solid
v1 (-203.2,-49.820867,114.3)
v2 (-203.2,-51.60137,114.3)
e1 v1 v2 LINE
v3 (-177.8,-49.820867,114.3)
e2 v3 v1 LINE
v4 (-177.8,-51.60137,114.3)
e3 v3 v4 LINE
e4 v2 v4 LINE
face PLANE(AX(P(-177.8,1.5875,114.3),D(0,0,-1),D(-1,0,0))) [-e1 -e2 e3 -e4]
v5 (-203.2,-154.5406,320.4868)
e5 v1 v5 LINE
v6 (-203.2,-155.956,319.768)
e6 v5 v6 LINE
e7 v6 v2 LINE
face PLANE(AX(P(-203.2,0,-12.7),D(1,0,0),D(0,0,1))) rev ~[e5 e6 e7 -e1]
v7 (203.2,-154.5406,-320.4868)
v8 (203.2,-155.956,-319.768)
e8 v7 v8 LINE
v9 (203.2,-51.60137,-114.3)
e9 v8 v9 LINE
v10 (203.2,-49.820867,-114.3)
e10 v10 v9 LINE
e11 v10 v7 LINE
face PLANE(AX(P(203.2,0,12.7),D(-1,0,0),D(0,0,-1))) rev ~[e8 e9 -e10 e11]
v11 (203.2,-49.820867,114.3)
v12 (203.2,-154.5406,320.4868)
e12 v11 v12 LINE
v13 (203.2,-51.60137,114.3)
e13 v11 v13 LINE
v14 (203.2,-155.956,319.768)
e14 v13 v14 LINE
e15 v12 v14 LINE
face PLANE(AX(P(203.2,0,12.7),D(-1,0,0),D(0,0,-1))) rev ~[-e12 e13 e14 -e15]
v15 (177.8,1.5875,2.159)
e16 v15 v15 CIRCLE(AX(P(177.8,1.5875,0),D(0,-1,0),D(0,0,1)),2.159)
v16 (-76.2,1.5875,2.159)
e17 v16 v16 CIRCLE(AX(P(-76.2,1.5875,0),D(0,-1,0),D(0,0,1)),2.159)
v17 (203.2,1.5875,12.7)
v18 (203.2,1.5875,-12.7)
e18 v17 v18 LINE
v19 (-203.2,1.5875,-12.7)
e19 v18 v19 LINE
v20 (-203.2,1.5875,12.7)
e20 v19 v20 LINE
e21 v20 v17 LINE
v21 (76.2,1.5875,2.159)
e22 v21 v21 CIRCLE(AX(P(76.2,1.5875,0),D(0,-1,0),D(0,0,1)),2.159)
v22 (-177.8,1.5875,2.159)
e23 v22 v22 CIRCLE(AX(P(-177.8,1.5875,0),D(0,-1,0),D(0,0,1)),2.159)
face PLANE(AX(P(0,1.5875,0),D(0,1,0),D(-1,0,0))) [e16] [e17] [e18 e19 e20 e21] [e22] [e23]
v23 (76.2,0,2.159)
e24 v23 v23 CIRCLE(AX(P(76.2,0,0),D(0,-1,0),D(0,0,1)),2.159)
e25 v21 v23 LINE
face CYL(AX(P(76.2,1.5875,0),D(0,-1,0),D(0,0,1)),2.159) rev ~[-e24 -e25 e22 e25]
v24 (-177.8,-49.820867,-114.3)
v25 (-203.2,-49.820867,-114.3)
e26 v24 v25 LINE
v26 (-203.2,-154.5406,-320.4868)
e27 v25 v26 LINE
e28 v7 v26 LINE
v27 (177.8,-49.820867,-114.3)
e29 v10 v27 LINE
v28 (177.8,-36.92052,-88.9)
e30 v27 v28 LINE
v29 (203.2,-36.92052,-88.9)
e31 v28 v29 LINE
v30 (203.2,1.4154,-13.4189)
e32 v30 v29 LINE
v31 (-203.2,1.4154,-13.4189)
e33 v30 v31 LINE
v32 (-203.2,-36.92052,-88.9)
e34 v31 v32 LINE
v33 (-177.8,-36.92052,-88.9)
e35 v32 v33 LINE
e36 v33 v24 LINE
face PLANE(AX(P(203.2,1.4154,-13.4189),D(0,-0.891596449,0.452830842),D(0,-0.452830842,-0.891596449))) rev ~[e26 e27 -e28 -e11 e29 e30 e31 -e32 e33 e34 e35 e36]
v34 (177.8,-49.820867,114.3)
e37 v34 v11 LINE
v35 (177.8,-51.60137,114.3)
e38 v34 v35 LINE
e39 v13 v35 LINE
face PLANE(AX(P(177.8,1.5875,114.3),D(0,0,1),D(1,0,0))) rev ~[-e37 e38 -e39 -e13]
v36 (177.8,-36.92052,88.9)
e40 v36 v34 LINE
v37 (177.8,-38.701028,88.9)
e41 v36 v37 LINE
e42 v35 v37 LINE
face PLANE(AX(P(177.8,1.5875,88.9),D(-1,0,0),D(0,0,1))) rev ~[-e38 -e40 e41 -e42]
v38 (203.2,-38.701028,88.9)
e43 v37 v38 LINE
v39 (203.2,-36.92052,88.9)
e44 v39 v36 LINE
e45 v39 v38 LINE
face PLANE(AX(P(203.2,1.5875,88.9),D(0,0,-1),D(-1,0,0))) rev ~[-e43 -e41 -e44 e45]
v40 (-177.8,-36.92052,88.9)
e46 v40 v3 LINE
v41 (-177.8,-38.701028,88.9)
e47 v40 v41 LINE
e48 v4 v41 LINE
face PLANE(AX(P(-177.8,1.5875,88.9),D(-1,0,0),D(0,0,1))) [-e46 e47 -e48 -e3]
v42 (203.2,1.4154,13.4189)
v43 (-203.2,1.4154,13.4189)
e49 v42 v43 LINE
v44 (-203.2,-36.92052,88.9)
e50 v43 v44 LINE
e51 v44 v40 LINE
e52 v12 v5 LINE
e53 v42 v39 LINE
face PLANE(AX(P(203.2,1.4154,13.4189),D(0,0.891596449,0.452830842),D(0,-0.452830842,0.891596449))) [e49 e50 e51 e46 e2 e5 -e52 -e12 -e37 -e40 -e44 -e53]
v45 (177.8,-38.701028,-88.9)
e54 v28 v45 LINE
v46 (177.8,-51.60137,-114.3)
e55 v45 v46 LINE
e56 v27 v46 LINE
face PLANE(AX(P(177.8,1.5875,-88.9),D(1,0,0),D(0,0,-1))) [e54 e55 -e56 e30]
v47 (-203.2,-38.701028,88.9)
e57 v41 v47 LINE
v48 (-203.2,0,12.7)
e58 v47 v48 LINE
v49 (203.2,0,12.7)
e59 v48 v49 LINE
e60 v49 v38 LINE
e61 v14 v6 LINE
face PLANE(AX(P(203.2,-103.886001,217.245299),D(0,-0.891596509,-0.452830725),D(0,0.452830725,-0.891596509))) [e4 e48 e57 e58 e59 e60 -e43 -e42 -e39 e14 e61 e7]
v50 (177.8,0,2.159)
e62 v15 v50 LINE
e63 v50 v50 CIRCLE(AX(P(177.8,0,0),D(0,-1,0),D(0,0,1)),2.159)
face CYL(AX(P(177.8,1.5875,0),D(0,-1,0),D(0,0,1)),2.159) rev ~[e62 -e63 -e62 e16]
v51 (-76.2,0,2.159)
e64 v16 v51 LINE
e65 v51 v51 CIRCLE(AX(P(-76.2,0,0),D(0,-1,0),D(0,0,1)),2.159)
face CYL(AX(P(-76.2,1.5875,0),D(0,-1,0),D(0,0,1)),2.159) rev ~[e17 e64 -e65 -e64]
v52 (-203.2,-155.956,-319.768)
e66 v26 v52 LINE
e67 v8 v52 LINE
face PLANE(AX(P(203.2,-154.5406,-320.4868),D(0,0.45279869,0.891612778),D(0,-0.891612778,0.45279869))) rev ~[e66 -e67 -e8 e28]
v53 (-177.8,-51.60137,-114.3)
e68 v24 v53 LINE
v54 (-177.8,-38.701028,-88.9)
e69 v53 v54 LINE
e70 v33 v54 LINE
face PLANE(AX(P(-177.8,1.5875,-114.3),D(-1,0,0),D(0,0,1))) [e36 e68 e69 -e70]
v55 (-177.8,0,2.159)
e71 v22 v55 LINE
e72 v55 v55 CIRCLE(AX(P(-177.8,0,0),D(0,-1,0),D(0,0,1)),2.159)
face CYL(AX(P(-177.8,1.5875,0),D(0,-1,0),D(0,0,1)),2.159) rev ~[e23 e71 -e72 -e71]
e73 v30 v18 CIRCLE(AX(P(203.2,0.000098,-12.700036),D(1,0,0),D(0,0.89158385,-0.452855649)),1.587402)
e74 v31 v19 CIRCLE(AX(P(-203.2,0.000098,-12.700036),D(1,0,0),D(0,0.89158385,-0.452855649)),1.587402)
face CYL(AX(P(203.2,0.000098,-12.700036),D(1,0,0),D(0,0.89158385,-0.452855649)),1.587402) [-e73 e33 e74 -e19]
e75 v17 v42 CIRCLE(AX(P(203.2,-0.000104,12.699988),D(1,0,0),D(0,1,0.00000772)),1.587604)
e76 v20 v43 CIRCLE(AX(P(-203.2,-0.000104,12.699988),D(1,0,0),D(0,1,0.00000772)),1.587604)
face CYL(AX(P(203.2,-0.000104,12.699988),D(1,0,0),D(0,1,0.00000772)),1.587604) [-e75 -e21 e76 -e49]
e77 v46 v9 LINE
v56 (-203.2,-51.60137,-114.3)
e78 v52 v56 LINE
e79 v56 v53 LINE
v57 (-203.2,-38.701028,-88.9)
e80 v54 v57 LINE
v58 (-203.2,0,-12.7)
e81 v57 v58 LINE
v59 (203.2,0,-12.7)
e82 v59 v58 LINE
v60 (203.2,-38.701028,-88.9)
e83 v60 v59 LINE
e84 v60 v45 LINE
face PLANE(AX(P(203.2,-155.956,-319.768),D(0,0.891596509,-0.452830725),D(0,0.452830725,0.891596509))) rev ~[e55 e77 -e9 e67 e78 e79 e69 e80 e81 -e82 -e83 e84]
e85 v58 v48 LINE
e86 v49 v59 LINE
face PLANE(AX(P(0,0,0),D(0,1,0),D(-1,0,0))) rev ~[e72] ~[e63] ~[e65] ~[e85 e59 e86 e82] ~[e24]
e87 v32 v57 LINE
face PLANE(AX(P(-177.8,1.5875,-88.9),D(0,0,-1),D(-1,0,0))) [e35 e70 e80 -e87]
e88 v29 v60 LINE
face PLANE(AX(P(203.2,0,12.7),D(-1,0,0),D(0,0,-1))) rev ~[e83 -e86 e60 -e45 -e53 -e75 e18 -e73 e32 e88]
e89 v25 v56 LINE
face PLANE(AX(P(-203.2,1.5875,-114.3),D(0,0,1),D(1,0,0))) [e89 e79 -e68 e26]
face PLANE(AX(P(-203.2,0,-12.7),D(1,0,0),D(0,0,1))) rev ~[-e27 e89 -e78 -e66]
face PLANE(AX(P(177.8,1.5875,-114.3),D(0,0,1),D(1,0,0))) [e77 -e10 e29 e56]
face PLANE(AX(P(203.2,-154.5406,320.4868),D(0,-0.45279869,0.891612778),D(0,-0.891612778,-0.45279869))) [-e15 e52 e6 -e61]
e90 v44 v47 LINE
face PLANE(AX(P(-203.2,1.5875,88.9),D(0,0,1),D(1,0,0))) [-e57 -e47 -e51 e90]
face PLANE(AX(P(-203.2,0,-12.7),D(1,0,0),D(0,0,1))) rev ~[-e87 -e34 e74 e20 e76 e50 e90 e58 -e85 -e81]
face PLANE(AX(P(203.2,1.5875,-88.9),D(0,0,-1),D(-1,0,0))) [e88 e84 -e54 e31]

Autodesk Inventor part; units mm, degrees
ref_plane "YZ Plane" through (0, 0, 0) normal (1, 0, 0) x (0, 1, 0)
ref_plane "XZ Plane" through (0, 0, 0) normal (0, 1, 0) x (-1, 0, 0)
ref_plane "XY Plane" through (0, 0, 0) normal (0, 0, 1) x (1, 0, 0)
sketch "Sketch1" plane through (0, 0, 0) normal (0, 1, 0) x (-1, 0, 0)
  line L0 (203.2, 12.7) -> (-203.2, 12.7)
  line L1 (-203.2, 12.7) -> (-203.2, -12.7)
  line L2 (-203.2, -12.7) -> (203.2, -12.7)
  line L3 (203.2, -12.7) -> (203.2, 12.7)
  line L4 (203.2, 12.7) -> (-203.2, -12.7) construction
  line L5 (-203.2, 12.7) -> (203.2, -12.7) construction
  point P0 (0, 0)
  dimension "d0" = 406.4
  dimension "d1" = 25.4
extrude "Extrusion1" add sketch "Sketch1" along normal blind 1.5875
sketch "Sketch2" plane through (0, 1.5875, 0) normal (0, 1, 0) x (1, 0, 0)
  line L0 (-203.2, 12.7) -> (-203.2, -12.7) projected
  line L1 (203.2, -12.7) -> (203.2, 12.7) projected
  point P0 (0, 0)
  point P1 (-177.8, 0)
  point P2 (-152.4, 0)
  point P3 (177.8, 0)
  point P4 (152.4, 0)
  point P5 (76.2, 0)
  point P6 (50.8, 0)
  point P7 (-76.2, 0)
  point P8 (-50.8, 0)
  dimension "d4" = 25.4
  dimension "d5" = 25.4
  dimension "d6" = 25.4
  dimension "d7" = 25.4
  dimension "d8" = 25.4
  dimension "d9" = 25.4
  dimension "d10" = 76.2
  dimension "d11" = 76.2
hole "Hole1" at (-177.8, 1.5875, 0) at (177.8, 1.5875, 0) at (76.2, 1.5875, 0) at (-76.2, 1.5875, 0) direction (0, -1, 0) diameter 4.318 end through all
sketch "Sketch3" plane through (203.2, 0, 12.7) normal (1, 0, 0) x (0, 0, -1)
  line L0 (0, 0) -> (25.4, 0) projected
  line L1 (0, 0) -> (-0.7189, 1.4154)
  line L2 (-0.7189, 1.4154) -> (-307.7868, -154.5406)
  line L3 (-307.7868, -154.5406) -> (-307.068, -155.956)
  line L4 (-307.068, -155.956) -> (0, 0)
  line L5 (25.4, 0) -> (26.1189, 1.4154)
  line L6 (26.1189, 1.4154) -> (333.1868, -154.5406)
  line L7 (333.1868, -154.5406) -> (332.468, -155.956)
  line L8 (332.468, -155.956) -> (25.4, 0)
  line L9 (0, 0) -> (0, 1.5875) projected
  line L10 (25.4, 0) -> (25.4, 1.5875) projected
  line L11 (0, 1.5875) -> (25.4, 1.5875) projected
  arc A0 (0, 1.5875) -> (-0.7189, 1.4154) centre (0, 0) ccw
  arc A1 (26.1189, 1.4154) -> (25.4, 1.5875) centre (25.4, 0) ccw
  line L12 (-204.5453, -103.886) -> (-179.1453, -103.886)
  line L13 (-357.0791, -181.356) -> (382.4791, -181.356)
  point P0 (12.7, 0)
  point P1 (12.7, -181.356)
  point P2 (12.7, 0)
  dimension "d19" = 25.4
  dimension "d20" = 103.886
  dimension "d21" = 207.0877
  dimension "d22" = 181.356
  dimension "d23" = 25.4
extrude "Extrusion2" add sketch "Sketch3" against normal up to surface (406.4 mm away) contours L4 L3 L2 L1 | L1 A0 L9 | L10 A1 L5 | L5 L6 L7 L8
sketch "Sketch4" plane through (0, 1.5875, 0) normal (0, 1, 0) x (1, 0, 0)
  line L0 (203.2, -319.768) -> (203.2, -12.7) projected
  line L1 (203.2, -88.9) -> (177.8, -88.9)
  line L2 (177.8, -88.9) -> (177.8, -114.3)
  line L3 (177.8, -114.3) -> (203.2, -114.3)
  line L4 (203.2, -114.3) -> (203.2, -88.9)
  line L5 (203.2, 12.7) -> (203.2, 319.768) projected
  line L6 (203.2, 88.9) -> (177.8, 88.9)
  line L7 (177.8, 88.9) -> (177.8, 114.3)
  line L8 (177.8, 114.3) -> (203.2, 114.3)
  line L9 (203.2, 114.3) -> (203.2, 88.9)
  line L10 (-203.2, 12.7) -> (-203.2, 319.768) projected
  line L11 (-203.2, 114.3) -> (-177.8, 114.3)
  line L12 (-177.8, 114.3) -> (-177.8, 88.9)
  line L13 (-177.8, 88.9) -> (-203.2, 88.9)
  line L14 (-203.2, 88.9) -> (-203.2, 114.3)
  line L15 (-203.2, -319.768) -> (-203.2, -12.7) projected
  line L16 (-203.2, -88.9) -> (-177.8, -88.9)
  line L17 (-177.8, -88.9) -> (-177.8, -114.3)
  line L18 (-177.8, -114.3) -> (-203.2, -114.3)
  line L19 (-203.2, -114.3) -> (-203.2, -88.9)
  line L20 (177.8, -88.9) -> (177.8, 88.9) construction
  line L21 (-177.8, 88.9) -> (-177.8, -88.9) construction
  point P0 (0, 0)
  point P1 (-177.8, 0)
  point P2 (177.8, 0)
  point P3 (177.8, -101.6)
  dimension "d26" = 25.4
  dimension "d29" = 101.6
extrude "Extrusion3" cut sketch "Sketch4" against normal through all
properties part number "Ramp Using 1__16 Gray Tinted Polycarbonate Sheet (36 x 72) (217-6627)" material "Polycarbonate, Clear"
